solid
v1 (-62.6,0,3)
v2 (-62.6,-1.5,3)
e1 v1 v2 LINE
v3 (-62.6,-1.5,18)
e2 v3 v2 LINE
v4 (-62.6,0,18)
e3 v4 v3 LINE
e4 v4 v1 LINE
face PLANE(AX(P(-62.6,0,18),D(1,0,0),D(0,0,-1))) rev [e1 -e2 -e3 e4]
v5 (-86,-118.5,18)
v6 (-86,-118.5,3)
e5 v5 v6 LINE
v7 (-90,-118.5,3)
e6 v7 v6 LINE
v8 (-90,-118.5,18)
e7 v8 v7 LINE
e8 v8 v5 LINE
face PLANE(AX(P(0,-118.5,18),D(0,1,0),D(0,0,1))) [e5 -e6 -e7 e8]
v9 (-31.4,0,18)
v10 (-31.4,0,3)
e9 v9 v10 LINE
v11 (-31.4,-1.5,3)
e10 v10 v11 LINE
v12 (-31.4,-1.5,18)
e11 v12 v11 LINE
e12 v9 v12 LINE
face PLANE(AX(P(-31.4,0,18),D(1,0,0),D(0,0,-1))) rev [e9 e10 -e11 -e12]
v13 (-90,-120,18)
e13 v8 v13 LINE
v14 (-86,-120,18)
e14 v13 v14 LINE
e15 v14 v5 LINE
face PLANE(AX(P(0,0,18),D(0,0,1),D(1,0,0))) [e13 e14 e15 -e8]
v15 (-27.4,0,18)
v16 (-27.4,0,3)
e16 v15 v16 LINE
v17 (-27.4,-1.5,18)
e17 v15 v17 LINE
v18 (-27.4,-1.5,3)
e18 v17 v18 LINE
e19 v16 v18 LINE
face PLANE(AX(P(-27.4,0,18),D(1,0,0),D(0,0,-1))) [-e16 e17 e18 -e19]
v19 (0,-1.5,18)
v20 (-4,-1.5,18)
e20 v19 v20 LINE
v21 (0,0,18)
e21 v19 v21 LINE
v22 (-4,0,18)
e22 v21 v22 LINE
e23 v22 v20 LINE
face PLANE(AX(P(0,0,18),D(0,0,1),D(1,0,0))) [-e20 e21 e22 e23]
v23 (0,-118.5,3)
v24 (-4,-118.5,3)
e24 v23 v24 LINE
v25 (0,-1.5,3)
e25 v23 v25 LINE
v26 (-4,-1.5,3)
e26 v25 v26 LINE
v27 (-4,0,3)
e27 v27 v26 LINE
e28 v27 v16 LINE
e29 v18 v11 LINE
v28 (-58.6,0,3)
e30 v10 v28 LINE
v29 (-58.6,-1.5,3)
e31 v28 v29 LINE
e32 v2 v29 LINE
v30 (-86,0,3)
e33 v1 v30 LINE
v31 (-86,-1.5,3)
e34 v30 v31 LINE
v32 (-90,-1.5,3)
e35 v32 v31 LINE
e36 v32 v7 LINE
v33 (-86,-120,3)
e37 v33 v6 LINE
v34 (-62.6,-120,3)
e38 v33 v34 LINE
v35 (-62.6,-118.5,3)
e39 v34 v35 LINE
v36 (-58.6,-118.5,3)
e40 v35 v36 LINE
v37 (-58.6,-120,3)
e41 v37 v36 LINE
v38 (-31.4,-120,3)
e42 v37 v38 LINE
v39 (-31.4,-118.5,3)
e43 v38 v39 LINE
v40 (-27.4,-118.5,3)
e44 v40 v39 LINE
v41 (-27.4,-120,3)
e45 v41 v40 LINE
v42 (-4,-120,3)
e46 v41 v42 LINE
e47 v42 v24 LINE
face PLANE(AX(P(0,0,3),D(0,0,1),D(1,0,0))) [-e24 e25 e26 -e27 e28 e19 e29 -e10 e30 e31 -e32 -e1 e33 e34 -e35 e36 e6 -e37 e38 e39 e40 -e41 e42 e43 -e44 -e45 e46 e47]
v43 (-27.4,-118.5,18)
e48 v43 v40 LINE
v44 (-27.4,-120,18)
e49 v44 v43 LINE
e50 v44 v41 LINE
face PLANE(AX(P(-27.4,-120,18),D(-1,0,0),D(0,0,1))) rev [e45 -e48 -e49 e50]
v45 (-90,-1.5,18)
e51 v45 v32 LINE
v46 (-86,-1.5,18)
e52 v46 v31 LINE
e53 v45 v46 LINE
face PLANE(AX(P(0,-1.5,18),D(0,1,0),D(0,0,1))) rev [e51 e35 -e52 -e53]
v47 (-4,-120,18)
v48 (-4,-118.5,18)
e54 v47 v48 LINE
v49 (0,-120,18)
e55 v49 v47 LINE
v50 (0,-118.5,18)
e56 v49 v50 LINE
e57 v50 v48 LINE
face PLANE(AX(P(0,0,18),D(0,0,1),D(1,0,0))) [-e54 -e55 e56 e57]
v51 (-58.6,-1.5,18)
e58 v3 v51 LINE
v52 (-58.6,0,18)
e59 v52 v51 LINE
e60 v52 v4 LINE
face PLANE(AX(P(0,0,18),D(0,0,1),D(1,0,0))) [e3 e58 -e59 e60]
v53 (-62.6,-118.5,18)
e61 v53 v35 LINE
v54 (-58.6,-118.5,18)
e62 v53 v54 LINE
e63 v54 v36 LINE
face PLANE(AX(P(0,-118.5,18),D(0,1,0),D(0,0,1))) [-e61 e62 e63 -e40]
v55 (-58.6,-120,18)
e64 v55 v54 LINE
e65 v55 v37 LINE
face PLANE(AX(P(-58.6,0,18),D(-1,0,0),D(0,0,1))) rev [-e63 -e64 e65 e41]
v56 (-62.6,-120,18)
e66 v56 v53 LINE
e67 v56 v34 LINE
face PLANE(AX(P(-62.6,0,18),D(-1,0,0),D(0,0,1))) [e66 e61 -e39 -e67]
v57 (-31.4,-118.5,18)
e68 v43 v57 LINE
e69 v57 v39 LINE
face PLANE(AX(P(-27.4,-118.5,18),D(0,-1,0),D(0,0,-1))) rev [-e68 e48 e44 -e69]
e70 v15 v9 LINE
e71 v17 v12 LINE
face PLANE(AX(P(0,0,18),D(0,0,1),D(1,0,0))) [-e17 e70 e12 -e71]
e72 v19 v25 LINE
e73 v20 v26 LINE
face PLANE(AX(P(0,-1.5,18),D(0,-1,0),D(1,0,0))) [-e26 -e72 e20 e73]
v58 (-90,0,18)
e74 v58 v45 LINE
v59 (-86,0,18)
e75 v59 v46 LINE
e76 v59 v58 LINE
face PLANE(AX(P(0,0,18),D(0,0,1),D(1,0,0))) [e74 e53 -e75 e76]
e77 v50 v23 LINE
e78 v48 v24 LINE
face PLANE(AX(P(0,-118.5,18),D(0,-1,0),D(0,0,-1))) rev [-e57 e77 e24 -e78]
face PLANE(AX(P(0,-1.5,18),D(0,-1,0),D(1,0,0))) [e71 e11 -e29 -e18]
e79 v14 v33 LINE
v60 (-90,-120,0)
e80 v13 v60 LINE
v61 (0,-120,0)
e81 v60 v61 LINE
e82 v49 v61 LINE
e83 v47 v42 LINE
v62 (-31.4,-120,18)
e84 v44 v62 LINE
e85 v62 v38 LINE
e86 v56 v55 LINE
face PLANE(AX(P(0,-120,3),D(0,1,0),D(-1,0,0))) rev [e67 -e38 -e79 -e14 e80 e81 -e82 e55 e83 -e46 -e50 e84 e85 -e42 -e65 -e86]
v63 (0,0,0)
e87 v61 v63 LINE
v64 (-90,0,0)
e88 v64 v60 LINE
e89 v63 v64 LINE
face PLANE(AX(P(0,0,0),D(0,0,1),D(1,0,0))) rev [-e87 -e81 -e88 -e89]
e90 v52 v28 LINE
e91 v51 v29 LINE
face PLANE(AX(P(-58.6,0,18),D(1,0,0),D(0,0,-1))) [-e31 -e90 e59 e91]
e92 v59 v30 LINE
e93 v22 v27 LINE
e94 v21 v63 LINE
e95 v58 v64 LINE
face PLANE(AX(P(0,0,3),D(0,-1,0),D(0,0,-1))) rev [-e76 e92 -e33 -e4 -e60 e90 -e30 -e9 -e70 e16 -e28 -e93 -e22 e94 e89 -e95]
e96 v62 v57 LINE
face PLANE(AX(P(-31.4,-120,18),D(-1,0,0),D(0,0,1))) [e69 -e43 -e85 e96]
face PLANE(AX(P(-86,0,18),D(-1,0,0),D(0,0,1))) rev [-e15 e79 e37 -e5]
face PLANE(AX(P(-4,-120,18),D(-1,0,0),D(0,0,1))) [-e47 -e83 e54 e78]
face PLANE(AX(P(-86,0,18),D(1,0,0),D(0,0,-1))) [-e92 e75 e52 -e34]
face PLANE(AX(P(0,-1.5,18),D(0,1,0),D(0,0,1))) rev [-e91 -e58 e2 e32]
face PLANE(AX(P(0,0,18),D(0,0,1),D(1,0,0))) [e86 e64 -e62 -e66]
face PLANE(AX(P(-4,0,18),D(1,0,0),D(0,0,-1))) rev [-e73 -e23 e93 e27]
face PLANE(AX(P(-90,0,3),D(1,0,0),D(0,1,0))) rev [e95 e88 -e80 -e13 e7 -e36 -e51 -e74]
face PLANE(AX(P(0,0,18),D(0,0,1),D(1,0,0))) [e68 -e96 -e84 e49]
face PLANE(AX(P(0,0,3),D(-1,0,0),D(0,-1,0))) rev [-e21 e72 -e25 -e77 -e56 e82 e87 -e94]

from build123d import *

# Parameters (mm, degrees)
SKETCH1_W           = 120
SKETCH1_H           = 90
BOSS_EXTRUDE1_DEPTH = 3
SKETCH2_W           = 4
SKETCH2_H           = 1.5
BOSS_EXTRUDE2_DEPTH = 15


with BuildPart() as part:
    # Sketch1 → Boss-Extrude1 (new body)
    with BuildSketch(Plane(origin=(0, 0, 0), x_dir=(0, 1, 0), z_dir=(0, 0, 1))):
        with Locations((-60, 45)):
            Rectangle(SKETCH1_W, SKETCH1_H)
    extrude(amount=BOSS_EXTRUDE1_DEPTH)

    # Sketch2 → Boss-Extrude2 (add)
    with BuildSketch(Plane.XY.offset(3)):
        with Locations((-88, -0.75)):
            Rectangle(SKETCH2_W, SKETCH2_H)
        with Locations((-60.6, -0.75)):
            Rectangle(SKETCH2_W, SKETCH2_H)
        with Locations((-29.4, -0.75)):
            Rectangle(SKETCH2_W, SKETCH2_H)
        with Locations((-2, -0.75)):
            Rectangle(SKETCH2_W, SKETCH2_H)
        with Locations((-88, -119.25)):
            Rectangle(SKETCH2_W, SKETCH2_H)
        with Locations((-60.6, -119.25)):
            Rectangle(SKETCH2_W, SKETCH2_H)
        with Locations((-29.4, -119.25)):
            Rectangle(SKETCH2_W, SKETCH2_H)
        with Locations((-2, -119.25)):
            Rectangle(SKETCH2_W, SKETCH2_H)
    extrude(amount=BOSS_EXTRUDE2_DEPTH)


solid = part.part
